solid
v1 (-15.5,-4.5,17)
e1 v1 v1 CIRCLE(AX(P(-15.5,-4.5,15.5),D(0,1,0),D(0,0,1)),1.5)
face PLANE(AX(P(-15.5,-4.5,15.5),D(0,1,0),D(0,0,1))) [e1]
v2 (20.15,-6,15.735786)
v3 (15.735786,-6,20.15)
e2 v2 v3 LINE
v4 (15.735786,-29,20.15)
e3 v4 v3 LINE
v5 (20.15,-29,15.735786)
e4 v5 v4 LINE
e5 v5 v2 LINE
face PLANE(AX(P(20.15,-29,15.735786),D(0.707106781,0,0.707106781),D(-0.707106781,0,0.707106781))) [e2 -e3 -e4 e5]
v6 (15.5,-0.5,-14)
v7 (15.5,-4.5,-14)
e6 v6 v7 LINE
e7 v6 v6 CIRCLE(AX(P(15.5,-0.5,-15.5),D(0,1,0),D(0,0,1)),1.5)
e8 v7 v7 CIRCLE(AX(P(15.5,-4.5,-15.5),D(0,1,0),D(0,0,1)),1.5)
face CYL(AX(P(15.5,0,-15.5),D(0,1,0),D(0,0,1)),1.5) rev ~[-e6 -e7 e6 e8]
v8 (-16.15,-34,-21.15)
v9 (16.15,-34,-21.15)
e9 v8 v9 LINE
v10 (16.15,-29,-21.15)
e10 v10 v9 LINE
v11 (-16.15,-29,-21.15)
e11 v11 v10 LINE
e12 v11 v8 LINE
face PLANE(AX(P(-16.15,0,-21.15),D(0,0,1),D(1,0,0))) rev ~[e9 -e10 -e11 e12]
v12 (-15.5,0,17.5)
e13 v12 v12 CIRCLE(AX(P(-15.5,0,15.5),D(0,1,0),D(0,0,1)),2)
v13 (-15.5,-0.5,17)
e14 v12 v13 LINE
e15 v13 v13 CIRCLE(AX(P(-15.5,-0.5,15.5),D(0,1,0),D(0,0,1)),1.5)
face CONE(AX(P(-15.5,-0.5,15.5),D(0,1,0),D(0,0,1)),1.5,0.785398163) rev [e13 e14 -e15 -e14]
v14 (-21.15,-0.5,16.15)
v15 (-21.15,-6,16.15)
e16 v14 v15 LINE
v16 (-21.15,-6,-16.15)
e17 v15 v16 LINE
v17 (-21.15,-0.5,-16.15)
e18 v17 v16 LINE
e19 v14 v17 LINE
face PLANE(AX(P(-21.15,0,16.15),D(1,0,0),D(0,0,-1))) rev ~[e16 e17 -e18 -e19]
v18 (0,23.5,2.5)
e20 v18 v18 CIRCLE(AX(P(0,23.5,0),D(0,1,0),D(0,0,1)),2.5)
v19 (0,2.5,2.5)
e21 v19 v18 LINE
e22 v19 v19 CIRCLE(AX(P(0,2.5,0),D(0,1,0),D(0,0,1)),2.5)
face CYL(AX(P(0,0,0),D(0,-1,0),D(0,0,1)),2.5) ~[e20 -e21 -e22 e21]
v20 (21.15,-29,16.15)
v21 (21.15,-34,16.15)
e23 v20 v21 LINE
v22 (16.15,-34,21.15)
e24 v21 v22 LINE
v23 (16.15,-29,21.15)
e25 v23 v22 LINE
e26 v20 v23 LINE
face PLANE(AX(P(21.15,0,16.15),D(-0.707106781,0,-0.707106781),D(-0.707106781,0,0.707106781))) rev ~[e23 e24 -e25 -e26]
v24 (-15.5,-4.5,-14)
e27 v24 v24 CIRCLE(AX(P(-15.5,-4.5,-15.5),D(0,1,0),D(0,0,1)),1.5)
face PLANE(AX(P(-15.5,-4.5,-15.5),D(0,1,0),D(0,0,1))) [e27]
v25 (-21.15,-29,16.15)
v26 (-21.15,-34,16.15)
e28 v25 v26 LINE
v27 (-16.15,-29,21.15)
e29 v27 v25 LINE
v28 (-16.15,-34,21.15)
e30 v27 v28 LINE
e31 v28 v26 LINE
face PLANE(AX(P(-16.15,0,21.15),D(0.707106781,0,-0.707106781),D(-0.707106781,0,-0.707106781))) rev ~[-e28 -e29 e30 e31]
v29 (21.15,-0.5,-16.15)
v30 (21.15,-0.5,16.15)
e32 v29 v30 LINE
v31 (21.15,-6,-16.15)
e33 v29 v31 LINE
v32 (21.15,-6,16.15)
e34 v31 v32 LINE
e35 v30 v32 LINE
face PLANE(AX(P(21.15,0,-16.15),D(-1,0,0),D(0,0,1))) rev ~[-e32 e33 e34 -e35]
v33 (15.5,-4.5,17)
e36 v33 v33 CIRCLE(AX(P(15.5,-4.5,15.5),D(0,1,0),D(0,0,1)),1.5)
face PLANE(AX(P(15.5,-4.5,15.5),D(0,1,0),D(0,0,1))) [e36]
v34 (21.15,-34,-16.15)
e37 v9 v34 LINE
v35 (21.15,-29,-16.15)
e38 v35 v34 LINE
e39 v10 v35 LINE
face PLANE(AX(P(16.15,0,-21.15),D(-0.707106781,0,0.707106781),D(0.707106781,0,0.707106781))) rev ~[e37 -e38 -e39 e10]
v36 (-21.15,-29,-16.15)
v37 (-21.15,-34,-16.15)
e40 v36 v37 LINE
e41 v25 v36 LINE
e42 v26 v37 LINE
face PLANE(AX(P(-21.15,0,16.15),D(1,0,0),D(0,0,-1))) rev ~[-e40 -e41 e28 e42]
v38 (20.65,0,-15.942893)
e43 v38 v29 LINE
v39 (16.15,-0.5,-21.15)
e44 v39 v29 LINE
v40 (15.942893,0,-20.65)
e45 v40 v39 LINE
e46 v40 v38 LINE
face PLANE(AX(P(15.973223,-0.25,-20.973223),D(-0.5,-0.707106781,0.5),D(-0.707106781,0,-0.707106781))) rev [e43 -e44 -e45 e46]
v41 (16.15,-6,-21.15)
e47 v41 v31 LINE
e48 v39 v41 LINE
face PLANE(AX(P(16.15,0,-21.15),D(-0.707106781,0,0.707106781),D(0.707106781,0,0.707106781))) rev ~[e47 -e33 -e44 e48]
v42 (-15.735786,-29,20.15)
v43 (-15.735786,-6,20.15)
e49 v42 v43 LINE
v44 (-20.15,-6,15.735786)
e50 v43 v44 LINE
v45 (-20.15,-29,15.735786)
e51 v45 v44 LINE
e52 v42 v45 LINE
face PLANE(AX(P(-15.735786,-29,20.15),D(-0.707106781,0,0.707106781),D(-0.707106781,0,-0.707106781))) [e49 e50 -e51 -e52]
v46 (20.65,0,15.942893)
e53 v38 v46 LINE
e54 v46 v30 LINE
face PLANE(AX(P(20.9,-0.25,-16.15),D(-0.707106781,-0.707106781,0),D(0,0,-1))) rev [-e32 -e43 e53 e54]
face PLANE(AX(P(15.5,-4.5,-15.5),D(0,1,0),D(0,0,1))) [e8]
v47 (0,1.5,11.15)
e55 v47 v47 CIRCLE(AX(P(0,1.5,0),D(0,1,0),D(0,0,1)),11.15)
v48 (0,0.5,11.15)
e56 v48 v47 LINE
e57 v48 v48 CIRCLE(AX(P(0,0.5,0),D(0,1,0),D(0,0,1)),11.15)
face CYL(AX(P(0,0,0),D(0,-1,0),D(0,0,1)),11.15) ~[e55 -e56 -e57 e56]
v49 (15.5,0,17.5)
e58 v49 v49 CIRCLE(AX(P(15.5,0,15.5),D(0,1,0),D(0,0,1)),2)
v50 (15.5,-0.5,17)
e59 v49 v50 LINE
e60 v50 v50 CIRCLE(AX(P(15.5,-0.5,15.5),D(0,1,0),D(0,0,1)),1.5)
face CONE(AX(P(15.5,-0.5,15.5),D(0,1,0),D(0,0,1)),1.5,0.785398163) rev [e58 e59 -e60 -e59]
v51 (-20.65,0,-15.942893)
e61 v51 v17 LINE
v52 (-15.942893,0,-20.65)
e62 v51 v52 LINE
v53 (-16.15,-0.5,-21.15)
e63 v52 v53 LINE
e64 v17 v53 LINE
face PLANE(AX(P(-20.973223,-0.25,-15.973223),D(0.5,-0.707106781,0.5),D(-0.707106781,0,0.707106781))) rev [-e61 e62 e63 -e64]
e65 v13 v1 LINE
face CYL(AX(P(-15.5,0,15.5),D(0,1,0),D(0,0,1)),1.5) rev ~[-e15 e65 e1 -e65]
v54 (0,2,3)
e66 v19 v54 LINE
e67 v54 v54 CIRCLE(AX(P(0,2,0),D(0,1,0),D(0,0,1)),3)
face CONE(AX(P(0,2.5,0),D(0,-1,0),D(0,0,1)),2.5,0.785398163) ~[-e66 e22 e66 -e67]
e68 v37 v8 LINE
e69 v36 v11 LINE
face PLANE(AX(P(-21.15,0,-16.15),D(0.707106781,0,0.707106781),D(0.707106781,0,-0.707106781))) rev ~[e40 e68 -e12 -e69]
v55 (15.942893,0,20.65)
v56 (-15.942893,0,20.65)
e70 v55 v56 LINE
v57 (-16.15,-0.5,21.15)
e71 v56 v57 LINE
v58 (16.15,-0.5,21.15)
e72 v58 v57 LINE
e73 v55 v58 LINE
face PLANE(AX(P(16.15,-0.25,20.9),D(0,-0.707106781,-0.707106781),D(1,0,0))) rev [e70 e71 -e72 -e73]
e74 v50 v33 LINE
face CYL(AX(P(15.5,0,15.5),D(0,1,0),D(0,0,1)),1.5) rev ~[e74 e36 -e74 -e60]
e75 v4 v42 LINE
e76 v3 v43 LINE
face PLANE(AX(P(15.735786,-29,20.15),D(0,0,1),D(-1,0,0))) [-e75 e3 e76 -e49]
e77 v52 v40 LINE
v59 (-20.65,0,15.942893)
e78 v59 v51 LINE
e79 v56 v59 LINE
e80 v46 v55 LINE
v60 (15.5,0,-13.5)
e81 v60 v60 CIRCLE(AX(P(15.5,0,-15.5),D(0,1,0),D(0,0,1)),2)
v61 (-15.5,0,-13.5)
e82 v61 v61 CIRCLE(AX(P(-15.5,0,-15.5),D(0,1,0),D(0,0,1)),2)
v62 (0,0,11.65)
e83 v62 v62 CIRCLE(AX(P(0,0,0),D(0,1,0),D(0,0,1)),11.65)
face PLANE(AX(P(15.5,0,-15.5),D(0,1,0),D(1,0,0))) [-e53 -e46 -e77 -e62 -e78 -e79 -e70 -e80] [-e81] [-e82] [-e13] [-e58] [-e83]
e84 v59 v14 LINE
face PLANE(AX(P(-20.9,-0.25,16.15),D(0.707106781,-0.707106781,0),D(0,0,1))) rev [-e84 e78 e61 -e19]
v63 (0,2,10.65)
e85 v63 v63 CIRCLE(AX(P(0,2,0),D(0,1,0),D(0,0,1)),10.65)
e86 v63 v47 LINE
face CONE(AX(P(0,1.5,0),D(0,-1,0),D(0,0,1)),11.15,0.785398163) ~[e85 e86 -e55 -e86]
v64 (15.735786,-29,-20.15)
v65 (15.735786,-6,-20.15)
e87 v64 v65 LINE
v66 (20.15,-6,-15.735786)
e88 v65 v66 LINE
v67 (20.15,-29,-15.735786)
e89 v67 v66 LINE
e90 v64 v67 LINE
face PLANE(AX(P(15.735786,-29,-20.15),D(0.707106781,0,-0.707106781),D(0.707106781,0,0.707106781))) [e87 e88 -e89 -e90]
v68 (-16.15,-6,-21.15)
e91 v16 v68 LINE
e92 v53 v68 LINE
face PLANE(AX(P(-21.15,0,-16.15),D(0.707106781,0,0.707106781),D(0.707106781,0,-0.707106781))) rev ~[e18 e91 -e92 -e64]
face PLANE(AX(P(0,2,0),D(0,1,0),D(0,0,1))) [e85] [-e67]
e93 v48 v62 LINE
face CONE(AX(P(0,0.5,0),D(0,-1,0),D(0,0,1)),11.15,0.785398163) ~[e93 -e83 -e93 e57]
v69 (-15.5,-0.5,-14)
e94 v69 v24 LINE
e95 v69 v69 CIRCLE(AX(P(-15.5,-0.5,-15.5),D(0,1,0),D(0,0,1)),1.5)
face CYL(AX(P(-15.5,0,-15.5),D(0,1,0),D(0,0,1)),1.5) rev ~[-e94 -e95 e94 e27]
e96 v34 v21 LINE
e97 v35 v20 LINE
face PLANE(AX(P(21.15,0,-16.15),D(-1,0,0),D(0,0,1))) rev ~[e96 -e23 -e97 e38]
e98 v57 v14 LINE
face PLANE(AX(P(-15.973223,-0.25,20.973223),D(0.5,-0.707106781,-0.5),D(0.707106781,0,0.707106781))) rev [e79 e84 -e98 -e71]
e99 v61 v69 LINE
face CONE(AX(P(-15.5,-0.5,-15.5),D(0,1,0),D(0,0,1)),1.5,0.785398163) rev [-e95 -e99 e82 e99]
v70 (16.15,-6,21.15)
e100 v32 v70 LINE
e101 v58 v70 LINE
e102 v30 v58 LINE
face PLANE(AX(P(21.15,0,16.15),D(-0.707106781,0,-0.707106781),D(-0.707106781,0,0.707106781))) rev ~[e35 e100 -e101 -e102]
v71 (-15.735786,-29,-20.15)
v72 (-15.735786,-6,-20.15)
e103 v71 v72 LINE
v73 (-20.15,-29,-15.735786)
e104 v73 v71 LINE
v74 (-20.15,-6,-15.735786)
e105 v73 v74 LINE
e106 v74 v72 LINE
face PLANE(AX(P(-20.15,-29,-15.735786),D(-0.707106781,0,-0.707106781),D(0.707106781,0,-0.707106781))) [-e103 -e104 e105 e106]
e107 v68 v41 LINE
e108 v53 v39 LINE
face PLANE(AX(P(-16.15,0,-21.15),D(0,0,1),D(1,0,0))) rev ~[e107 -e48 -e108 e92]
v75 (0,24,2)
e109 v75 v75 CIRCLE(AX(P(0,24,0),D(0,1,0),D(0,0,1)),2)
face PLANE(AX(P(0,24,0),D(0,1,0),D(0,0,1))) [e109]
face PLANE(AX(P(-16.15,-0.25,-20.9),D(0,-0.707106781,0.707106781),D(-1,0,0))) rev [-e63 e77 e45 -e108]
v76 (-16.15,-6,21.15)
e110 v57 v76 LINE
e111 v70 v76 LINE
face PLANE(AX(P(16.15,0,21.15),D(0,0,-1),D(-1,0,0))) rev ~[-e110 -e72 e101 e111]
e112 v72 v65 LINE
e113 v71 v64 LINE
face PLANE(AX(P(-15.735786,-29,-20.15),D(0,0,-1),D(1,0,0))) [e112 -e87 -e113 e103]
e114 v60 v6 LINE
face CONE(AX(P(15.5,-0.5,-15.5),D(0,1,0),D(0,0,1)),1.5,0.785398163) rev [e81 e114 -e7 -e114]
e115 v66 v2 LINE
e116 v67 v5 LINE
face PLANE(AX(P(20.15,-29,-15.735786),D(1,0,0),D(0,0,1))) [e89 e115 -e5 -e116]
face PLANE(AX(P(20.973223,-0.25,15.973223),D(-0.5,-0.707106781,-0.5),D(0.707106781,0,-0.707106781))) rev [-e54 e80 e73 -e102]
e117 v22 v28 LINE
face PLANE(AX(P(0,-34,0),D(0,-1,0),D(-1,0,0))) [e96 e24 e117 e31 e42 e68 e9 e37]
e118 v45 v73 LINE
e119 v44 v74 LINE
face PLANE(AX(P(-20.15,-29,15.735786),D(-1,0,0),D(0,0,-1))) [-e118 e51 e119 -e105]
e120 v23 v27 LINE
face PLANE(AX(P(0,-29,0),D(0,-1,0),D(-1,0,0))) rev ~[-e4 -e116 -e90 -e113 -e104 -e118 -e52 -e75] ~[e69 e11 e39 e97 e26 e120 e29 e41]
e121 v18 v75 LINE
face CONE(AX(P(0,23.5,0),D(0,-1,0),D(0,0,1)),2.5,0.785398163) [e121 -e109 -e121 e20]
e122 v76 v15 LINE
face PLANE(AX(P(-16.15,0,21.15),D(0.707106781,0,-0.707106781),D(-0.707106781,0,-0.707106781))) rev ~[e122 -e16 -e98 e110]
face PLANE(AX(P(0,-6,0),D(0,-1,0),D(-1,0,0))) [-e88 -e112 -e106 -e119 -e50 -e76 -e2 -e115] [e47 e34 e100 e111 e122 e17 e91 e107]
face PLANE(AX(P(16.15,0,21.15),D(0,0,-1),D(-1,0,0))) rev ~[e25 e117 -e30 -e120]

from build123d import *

# Parameters (mm, degrees)
EXTRUDE_1_DEPTH     = 34
SKETCH_1_3_R        = 1.5
CUT_EXTRUDE_1_DEPTH = 4.5
SKETCH_1_4_R        = 11.15
SKETCH_1_4_R_2      = 2.5
EXTRUDE_2_DEPTH     = 2
SKETCH_1_5_R        = 2.5
EXTRUDE_3_DEPTH     = 24
CHAMFER_1_SIZE      = 0.5
CUT_EXTRUDE_2_DEPTH = 23


with BuildPart() as part:
    # 스케치1 → 보스-돌출1 (new body)
    with BuildSketch(Plane(origin=(0, 0, 0), x_dir=(1, 0, 0), z_dir=(0, 1, 0))):
        Polygon((-16.15, 21.15), (-21.15, 16.15), (-21.15, -16.15), (-16.15, -21.15), (16.15, -21.15), (21.15, -16.15), (21.15, 16.15), (16.15, 21.15), align=None)
    extrude(amount=-EXTRUDE_1_DEPTH)

    # 스케치1<3> → 컷-돌출1 (cut)
    with BuildSketch(Plane(origin=(0, 0, 0), x_dir=(1, 0, 0), z_dir=(0, 1, 0))):
        with Locations((-15.5, 15.5)):
            Circle(SKETCH_1_3_R)
        with Locations((15.5, 15.5)):
            Circle(SKETCH_1_3_R)
        with Locations((15.5, -15.5)):
            Circle(SKETCH_1_3_R)
        with Locations((-15.5, -15.5)):
            Circle(SKETCH_1_3_R)
    extrude(amount=-CUT_EXTRUDE_1_DEPTH, mode=Mode.SUBTRACT)

    # 스케치1<4> → 보스-돌출2 (add)
    with BuildSketch(Plane(origin=(0, 0, 0), x_dir=(1, 0, 0), z_dir=(0, 1, 0))):
        Circle(SKETCH_1_4_R)
        Circle(SKETCH_1_4_R_2, mode=Mode.SUBTRACT)
    extrude(amount=EXTRUDE_2_DEPTH)

    # 스케치1<5> → 보스-돌출3 (add)
    with BuildSketch(Plane(origin=(0, 0, 0), x_dir=(1, 0, 0), z_dir=(0, 1, 0))):
        Circle(SKETCH_1_5_R)
    extrude(amount=EXTRUDE_3_DEPTH)

    # 모따기1
    chamfer_1_edges = [part.edges().sort_by_distance(p)[0] for p in [
        (-2.5, 24, 0),
        (-11.15, 2, 0),
        (-2.5, 2, 0),
        (-11.15, 0, 0),
        (14, 0, 15.5),
        (-17, 0, 15.5),
        (-17, 0, -15.5),
        (-18.65, 0, -18.65),
        (0, 0, -21.15),
        (18.65, 0, -18.65),
        (21.15, 0, 0),
        (18.65, 0, 18.65),
        (0, 0, 21.15),
        (-18.65, 0, 18.65),
        (-21.15, 0, 0),
        (14, 0, -15.5),
    ]]
    chamfer(chamfer_1_edges, length=CHAMFER_1_SIZE)

    # 스케치2 → 컷-돌출2 (cut)
    with BuildSketch(Plane(origin=(0, -29, 0), x_dir=(-1, 0, 0), z_dir=(0, -1, 0))):
        Polygon((21.15, -16.15), (21.15, 16.15), (16.15, 21.15), (-16.15, 21.15), (-21.15, 16.15), (-21.15, -16.15), (-16.15, -21.15), (16.15, -21.15), align=None)
        Polygon((20.15, -15.735786438), (20.15, 15.735786438), (15.735786438, 20.15), (-15.735786438, 20.15), (-20.15, 15.735786438), (-20.15, -15.735786438), (-15.735786438, -20.15), (15.735786438, -20.15), align=None, mode=Mode.SUBTRACT)
    extrude(amount=-CUT_EXTRUDE_2_DEPTH, mode=Mode.SUBTRACT)


solid = part.part
